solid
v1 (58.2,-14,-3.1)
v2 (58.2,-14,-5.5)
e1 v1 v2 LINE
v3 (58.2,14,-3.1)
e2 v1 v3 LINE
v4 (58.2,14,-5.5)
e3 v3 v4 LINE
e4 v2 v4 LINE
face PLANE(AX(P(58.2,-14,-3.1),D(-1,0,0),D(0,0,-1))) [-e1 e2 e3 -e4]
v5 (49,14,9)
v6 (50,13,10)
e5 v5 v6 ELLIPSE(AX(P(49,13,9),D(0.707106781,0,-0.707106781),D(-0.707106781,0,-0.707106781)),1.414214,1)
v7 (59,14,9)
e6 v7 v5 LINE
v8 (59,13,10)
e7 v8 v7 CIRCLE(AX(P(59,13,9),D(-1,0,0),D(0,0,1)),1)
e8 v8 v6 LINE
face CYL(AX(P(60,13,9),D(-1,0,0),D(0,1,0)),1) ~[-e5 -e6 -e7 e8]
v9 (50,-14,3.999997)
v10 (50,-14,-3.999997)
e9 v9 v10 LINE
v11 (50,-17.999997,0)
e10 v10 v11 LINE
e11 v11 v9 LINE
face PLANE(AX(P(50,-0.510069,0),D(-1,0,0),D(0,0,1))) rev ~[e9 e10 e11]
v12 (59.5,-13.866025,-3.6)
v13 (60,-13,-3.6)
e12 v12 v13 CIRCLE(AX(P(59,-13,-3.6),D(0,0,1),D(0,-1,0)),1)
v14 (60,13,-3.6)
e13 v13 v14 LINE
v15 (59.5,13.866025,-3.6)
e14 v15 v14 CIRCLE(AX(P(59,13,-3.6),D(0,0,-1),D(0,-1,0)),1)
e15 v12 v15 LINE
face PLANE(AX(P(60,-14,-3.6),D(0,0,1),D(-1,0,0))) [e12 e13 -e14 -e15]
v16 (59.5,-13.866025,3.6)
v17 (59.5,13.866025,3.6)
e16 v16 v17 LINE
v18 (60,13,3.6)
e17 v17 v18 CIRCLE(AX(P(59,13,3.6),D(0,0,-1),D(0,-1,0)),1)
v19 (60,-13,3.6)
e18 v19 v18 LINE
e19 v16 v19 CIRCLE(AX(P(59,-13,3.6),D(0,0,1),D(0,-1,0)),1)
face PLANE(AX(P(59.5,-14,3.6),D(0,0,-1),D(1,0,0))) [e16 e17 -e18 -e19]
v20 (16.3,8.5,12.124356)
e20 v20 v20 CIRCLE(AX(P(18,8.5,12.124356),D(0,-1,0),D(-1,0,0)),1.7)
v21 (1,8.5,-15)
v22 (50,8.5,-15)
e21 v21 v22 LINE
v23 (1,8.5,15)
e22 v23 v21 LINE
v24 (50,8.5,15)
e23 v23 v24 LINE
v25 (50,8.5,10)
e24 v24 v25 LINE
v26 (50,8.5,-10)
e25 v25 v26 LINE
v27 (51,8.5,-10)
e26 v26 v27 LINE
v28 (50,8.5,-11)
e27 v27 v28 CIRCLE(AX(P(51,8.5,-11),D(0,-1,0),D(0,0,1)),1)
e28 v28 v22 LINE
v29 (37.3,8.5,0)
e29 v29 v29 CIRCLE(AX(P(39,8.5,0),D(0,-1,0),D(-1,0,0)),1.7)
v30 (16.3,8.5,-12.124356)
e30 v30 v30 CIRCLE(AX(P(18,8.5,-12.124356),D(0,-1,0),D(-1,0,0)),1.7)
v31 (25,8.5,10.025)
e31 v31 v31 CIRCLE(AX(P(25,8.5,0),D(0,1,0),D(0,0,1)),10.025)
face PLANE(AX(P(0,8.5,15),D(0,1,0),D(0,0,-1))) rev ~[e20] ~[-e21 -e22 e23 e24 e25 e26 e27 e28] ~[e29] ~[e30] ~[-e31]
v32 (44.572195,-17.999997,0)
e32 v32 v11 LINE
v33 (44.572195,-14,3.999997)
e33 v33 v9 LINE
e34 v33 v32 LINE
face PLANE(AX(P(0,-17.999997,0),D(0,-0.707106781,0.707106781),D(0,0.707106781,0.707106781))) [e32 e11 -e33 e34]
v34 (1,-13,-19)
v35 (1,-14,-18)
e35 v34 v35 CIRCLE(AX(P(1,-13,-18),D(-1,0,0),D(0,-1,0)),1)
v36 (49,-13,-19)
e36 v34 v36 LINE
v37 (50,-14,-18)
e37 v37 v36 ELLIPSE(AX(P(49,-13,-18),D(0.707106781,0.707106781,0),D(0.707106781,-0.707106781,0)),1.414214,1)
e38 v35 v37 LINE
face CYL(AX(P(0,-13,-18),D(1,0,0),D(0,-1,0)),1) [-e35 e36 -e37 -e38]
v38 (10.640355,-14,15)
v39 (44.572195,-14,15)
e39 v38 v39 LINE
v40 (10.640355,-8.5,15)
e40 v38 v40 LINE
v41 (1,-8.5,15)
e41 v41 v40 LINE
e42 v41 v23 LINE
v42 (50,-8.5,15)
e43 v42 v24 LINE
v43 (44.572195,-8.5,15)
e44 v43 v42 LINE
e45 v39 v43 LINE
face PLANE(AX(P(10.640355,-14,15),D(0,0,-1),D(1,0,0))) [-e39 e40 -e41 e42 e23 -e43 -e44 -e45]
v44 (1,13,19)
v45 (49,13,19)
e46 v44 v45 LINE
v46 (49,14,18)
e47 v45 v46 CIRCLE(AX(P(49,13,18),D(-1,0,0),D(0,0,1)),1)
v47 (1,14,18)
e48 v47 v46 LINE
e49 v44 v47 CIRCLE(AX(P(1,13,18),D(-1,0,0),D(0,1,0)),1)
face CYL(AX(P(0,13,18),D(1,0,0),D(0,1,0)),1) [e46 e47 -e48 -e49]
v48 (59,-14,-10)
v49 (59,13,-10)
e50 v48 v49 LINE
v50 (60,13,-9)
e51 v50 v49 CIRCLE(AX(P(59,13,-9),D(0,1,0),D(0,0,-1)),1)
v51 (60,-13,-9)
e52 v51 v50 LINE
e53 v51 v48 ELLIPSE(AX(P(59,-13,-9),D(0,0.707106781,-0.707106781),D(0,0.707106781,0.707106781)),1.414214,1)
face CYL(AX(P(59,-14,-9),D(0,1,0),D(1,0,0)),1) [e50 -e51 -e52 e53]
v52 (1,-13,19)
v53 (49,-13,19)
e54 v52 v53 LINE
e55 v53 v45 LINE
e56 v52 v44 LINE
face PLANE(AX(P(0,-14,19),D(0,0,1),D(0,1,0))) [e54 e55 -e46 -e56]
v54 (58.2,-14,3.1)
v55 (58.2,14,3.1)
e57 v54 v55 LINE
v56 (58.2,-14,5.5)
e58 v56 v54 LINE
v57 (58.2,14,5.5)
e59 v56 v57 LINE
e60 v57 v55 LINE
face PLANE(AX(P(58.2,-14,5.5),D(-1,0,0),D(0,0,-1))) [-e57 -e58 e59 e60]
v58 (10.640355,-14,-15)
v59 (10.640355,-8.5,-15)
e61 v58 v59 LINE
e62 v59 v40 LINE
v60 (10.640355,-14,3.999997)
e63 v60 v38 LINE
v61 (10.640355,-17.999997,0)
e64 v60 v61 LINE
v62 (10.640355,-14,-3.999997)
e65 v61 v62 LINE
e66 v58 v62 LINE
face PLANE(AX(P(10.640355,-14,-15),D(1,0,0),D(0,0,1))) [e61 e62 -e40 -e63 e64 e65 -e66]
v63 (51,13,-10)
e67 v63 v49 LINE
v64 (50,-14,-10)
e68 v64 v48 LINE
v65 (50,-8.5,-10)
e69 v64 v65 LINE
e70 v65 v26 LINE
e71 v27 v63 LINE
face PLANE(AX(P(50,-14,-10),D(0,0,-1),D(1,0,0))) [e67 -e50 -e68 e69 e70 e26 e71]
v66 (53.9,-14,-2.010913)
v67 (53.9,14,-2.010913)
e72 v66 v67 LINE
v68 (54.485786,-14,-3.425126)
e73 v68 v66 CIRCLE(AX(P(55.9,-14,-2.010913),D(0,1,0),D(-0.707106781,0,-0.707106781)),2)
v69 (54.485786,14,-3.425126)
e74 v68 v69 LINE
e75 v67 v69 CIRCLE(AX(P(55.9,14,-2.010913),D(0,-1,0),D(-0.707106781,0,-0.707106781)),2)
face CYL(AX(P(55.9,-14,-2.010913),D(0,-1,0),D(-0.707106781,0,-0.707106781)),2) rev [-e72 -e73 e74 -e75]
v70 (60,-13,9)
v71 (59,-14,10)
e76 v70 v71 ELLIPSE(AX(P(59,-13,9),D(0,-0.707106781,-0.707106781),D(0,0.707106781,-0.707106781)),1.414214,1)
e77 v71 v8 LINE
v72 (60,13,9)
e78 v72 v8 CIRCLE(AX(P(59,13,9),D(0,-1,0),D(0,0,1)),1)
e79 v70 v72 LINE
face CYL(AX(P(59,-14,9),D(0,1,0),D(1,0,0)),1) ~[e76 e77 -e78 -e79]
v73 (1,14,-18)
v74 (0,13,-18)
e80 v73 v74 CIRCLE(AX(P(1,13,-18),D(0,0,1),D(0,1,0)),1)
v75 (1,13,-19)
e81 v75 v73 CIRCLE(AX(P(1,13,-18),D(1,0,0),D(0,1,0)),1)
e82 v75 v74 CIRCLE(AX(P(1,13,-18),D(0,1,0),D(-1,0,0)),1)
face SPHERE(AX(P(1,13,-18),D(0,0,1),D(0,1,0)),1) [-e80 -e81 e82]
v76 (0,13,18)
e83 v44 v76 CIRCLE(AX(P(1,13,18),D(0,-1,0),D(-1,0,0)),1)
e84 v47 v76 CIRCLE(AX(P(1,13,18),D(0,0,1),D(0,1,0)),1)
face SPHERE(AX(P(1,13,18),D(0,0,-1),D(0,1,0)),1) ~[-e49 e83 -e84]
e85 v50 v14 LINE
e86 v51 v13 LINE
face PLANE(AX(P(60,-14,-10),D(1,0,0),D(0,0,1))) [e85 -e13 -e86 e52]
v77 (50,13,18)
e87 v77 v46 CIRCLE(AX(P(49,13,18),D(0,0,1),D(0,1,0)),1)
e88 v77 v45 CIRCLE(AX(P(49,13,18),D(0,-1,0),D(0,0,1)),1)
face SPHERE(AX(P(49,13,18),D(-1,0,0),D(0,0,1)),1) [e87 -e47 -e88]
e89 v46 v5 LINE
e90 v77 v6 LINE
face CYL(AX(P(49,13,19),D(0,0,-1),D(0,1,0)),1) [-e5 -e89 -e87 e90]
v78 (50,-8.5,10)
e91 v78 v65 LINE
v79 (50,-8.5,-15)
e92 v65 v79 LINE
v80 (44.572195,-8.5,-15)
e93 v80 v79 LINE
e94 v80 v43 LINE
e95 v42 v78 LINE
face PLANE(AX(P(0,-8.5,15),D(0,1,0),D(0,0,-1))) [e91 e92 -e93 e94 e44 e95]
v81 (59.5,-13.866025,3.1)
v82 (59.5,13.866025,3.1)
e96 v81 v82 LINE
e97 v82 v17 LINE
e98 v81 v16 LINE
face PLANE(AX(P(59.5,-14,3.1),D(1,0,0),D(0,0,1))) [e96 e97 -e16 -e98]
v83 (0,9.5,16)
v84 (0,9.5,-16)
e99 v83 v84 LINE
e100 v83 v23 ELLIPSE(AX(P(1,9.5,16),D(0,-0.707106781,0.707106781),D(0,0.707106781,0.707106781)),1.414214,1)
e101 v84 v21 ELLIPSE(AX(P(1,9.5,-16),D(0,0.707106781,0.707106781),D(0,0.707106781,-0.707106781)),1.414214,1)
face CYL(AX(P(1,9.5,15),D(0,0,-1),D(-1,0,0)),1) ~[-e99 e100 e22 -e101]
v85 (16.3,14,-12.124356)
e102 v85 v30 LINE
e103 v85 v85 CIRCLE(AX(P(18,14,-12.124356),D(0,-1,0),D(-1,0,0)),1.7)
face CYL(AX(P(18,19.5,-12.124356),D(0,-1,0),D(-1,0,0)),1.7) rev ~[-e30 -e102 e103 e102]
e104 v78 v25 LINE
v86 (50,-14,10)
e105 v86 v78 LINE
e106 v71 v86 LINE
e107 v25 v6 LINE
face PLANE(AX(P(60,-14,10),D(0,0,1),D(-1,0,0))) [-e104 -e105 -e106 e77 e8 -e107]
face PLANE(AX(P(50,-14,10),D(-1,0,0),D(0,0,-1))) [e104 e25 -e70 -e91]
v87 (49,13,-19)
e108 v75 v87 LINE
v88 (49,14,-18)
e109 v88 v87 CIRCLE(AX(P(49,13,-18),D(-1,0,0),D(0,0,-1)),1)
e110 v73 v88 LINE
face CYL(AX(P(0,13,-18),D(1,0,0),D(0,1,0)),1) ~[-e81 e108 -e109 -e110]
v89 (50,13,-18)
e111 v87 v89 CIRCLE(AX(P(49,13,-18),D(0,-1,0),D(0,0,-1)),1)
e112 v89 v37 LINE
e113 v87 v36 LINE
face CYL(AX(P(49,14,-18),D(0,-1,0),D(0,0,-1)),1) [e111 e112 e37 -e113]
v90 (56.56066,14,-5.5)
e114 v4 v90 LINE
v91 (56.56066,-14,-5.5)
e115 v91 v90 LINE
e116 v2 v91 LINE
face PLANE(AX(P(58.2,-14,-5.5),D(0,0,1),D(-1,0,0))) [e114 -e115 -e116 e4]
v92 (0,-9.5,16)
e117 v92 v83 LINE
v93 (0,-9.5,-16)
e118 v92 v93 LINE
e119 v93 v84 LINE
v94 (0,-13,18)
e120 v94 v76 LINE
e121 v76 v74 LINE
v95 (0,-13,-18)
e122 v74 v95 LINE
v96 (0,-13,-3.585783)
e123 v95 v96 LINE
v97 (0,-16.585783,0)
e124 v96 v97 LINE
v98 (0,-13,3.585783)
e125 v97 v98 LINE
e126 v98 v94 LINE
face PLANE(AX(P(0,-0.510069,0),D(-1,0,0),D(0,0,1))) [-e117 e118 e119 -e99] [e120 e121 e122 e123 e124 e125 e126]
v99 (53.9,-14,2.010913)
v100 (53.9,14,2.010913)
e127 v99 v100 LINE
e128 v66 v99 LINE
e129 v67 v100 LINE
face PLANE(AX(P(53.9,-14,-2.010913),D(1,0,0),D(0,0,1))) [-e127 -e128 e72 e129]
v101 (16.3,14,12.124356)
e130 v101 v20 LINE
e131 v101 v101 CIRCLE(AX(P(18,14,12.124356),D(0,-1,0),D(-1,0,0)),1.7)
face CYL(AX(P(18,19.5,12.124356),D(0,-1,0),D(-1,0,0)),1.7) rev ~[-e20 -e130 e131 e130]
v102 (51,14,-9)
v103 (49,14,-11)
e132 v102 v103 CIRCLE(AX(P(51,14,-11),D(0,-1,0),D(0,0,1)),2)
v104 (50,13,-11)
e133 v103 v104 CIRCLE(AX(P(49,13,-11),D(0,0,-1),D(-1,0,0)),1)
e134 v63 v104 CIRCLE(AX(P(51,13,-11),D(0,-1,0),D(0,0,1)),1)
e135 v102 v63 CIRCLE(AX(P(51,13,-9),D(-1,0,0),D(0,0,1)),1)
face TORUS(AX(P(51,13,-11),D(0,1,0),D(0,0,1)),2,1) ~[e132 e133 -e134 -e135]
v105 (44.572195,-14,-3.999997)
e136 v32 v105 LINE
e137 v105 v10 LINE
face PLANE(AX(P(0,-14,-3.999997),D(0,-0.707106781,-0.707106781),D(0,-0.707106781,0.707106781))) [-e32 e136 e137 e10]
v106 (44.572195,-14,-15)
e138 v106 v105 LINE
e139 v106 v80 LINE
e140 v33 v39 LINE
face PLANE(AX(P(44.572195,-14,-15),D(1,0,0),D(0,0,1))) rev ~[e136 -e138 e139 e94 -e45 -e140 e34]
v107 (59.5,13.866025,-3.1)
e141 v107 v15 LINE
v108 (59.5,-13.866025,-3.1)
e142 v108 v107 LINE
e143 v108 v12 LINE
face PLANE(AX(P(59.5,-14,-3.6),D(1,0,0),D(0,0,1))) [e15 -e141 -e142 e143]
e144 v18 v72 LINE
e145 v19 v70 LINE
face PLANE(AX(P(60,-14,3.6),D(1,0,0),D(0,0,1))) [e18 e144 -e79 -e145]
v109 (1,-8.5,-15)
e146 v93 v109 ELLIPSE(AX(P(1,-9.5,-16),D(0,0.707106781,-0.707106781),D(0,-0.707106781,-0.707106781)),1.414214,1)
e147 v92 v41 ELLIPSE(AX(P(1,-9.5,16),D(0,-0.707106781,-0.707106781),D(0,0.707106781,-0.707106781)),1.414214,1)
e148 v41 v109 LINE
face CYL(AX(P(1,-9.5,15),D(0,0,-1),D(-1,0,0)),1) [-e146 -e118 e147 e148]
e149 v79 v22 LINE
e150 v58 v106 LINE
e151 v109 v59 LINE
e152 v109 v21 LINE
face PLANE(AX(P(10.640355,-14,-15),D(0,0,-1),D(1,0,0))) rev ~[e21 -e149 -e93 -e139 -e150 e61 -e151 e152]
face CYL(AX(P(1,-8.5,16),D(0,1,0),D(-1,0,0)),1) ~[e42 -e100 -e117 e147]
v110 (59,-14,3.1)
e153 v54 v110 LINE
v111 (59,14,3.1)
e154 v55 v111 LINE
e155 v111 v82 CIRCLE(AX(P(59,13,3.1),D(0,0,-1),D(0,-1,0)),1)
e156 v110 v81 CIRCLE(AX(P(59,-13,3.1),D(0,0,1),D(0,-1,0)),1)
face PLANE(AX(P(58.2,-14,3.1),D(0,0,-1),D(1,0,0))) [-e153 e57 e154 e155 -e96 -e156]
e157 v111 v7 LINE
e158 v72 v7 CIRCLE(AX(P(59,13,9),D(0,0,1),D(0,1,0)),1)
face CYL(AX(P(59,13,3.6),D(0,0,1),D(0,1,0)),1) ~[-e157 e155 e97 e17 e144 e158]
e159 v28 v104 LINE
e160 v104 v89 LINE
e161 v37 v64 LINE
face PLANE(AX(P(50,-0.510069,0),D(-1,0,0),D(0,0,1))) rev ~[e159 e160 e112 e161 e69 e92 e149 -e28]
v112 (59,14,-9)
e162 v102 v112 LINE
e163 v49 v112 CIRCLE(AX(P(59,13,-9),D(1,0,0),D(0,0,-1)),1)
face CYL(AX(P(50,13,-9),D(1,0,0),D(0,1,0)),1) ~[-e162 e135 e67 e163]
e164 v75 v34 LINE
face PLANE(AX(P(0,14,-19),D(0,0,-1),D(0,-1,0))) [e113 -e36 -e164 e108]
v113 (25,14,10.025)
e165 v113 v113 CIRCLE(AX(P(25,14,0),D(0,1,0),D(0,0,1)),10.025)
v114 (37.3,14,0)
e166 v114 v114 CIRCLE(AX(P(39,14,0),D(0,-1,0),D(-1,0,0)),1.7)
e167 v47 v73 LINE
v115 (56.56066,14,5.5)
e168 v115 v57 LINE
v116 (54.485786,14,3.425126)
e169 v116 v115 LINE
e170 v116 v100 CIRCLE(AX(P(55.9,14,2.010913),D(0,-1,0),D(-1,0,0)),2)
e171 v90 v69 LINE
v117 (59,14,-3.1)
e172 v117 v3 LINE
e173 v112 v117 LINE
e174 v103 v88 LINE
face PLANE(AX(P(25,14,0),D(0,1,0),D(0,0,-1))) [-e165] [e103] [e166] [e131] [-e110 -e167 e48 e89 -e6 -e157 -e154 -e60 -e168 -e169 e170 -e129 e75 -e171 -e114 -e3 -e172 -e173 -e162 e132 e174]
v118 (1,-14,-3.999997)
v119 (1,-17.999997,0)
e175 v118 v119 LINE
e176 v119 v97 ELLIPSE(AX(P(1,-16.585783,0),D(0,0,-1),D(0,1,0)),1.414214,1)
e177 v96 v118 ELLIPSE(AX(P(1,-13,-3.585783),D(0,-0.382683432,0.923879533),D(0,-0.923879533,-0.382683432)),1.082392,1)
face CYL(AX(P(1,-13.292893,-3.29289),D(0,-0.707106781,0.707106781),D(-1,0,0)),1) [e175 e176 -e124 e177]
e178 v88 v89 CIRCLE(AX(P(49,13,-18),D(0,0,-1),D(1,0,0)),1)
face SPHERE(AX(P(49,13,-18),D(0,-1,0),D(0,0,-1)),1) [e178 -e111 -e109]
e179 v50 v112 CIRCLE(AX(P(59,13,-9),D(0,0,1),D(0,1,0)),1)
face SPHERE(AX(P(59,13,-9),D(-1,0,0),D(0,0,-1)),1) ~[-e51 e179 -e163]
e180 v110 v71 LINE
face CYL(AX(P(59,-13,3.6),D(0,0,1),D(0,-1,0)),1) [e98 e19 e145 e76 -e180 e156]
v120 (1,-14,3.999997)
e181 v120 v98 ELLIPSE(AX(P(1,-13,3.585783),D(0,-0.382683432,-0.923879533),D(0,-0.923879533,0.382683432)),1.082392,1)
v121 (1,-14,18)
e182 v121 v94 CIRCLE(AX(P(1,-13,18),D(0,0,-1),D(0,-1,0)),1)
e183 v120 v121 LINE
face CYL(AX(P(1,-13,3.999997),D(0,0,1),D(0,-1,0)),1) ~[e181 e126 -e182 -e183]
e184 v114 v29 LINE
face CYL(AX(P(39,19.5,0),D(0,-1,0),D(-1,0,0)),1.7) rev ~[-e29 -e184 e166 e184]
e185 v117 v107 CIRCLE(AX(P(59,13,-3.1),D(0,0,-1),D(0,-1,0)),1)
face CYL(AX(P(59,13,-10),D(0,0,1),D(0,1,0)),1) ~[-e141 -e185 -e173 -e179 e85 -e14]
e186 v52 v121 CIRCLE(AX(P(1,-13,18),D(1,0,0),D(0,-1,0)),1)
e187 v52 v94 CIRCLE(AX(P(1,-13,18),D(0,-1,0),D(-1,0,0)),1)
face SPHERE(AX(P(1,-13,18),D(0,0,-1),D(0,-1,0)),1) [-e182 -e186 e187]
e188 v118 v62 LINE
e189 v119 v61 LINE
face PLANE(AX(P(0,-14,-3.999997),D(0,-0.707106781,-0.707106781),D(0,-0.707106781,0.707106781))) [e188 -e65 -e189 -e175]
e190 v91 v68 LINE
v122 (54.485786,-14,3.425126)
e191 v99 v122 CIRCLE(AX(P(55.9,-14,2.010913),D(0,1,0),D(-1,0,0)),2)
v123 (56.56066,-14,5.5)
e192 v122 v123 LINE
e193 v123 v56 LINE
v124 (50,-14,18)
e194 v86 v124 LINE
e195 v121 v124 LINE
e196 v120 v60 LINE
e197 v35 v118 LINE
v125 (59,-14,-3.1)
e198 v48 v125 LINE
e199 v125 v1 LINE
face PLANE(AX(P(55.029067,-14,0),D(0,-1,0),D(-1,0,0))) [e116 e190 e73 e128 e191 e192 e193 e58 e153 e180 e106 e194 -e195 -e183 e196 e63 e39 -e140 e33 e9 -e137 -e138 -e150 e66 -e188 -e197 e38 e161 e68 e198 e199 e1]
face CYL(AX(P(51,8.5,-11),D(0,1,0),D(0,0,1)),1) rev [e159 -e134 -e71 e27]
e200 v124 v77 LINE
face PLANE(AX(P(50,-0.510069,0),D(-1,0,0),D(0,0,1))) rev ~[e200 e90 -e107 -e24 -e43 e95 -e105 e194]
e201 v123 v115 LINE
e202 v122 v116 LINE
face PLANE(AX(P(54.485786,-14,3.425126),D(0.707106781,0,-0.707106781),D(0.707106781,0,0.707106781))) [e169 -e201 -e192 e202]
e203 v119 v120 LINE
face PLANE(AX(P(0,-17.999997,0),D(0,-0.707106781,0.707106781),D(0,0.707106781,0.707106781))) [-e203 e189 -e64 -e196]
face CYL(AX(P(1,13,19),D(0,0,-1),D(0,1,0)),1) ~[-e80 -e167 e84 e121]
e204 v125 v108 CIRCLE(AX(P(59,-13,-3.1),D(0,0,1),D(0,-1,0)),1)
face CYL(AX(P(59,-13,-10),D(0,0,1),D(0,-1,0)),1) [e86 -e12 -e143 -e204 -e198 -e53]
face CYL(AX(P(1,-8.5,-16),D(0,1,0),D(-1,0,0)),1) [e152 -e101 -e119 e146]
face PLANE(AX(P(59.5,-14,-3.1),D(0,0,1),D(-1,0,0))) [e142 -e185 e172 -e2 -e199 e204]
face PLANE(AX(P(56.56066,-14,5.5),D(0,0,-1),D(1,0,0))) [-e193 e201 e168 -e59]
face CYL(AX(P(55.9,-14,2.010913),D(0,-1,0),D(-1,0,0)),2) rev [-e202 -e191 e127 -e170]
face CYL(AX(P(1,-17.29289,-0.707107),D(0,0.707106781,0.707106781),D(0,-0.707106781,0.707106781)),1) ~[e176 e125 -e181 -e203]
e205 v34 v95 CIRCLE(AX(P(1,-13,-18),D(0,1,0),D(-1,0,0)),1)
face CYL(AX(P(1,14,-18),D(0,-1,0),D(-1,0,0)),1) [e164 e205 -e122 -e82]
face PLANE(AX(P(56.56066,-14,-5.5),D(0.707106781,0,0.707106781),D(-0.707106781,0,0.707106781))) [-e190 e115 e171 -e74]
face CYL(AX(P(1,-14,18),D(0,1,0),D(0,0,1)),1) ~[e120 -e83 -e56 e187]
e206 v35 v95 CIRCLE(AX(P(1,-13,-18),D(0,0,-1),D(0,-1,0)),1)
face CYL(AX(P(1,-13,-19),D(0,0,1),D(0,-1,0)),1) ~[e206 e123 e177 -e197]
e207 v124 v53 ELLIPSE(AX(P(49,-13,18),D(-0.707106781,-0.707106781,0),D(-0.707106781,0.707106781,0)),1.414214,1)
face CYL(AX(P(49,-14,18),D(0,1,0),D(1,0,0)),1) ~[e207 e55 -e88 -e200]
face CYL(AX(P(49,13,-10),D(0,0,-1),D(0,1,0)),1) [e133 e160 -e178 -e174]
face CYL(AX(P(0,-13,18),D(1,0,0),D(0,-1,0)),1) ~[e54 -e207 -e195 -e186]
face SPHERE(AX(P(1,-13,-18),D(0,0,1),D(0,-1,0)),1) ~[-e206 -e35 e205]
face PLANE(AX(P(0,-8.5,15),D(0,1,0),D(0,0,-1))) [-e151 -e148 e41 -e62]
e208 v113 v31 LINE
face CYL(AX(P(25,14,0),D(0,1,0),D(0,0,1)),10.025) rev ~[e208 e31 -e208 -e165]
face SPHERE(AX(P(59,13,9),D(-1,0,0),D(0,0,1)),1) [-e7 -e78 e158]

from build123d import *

# Parameters (mm, degrees)
SKETCH2_W                      = 30
SKETCH2_H                      = 17
BOSS_EXTRUDE1_DEPTH            = 50
CUT_EXTRUDE4_REACH             = 64.33
SKETCH7_R                      = 10.025
F_3_0MM_DOWEL_HOLE1_D          = 3.4
F_3_0MM_DOWEL_HOLE1_DEPTH      = 5.5
BOSS_EXTRUDE2_REACH            = 62.374
FILLET1_R                      = 1
CUT_EXTRUDE7_REACH             = 70.884
SKETCH13_W                     = 33.931840249
SKETCH13_H                     = 30
CUT_EXTRUDE7_DIRECTION_2_DEPTH = 10


with BuildPart() as part:
    # Sketch2 → Boss-Extrude1 (new body)
    with BuildSketch(Plane(origin=(0, 0, 0), x_dir=(0, 0, -1), z_dir=(1, 0, 0))):
        Polygon((19, -14), (3.999996995, -14), (0, -17.999996995), (-3.999996995, -14), (-19, -14), (-19, 14), (19, 14), align=None)
        Rectangle(SKETCH2_W, SKETCH2_H, mode=Mode.SUBTRACT)
    extrude(amount=BOSS_EXTRUDE1_DEPTH)

    # Sketch7 → Cut-Extrude4 (cut, up to next)
    with BuildSketch(Plane(origin=(0, 14, 0), x_dir=(1, 0, 0), z_dir=(0, 1, 0)), mode=Mode.PRIVATE) as cut_extrude4_sk1:
        with Locations(Location((25, 0, 0), (0, 0, 270))):
            Circle(SKETCH7_R)
    cut_extrude4_tool1 = extrude(cut_extrude4_sk1.sketch, amount=-CUT_EXTRUDE4_REACH, mode=Mode.PRIVATE) & part.part
    add(cut_extrude4_tool1.solids().sort_by_distance((25, 14, 0))[0], mode=Mode.SUBTRACT)

    # Ø3.0mm Dowel Hole1
    with Locations(Plane(origin=(0, 14, 0), x_dir=(1, 0, 0), z_dir=(0, 1, 0))):
        with Locations((18, -12.124355653), (18, 12.124355653), (39, 0)):
            Hole(F_3_0MM_DOWEL_HOLE1_D / 2, depth=F_3_0MM_DOWEL_HOLE1_DEPTH)

    # Boss-Extrude2: up to this face of the body (flat: up to its plane)
    boss_extrude2_end = Plane(part.part.faces().sort_by_distance((25, 14, 18.371987261))[0])
    # Sketch6 → Boss-Extrude2 (add, up to the picked face)
    with BuildSketch(Plane(origin=(0, -14, 0), x_dir=(1, 0, 0), z_dir=(0, 1, 0)), mode=Mode.PRIVATE) as boss_extrude2_sk1:
        with BuildLine():
            Line((60, 3.6), (59.5, 3.6))
            Line((59.5, 3.6), (59.5, 3.1))
            Line((59.5, 3.1), (58.2, 3.1))
            Line((58.2, 3.1), (58.2, 5.5))
            Line((58.2, 5.5), (56.560660172, 5.5))
            Line((56.560660172, 5.5), (54.485786438, 3.425126266))
            ThreePointArc((54.485786438, 3.425126266), (54.052240935, 2.776279568), (53.9, 2.010912703))
            Line((53.9, 2.010912703), (53.9, -2.010912703))
            ThreePointArc((53.9, -2.010912703), (54.052240935, -2.776279568), (54.485786438, -3.425126266))
            Line((54.485786438, -3.425126266), (56.560660172, -5.5))
            Line((56.560660172, -5.5), (58.2, -5.5))
            Line((58.2, -5.5), (58.2, -3.1))
            Line((58.2, -3.1), (59.5, -3.1))
            Line((59.5, -3.1), (59.5, -3.6))
            Line((59.5, -3.6), (60, -3.6))
            Line((60, -3.6), (60, -10))
            Line((60, -10), (50, -10))
            Line((50, -10), (50, 10))
            Line((50, 10), (60, 10))
            Line((60, 10), (60, 3.6))
        make_face()
    boss_extrude2_tool1 = split(extrude(boss_extrude2_sk1.sketch, amount=BOSS_EXTRUDE2_REACH, mode=Mode.PRIVATE), bisect_by=boss_extrude2_end, keep=Keep.BOTH, mode=Mode.PRIVATE)
    add(boss_extrude2_tool1.solids().sort_by(Axis((59.75, -14, -3.823607), (0, 1, 0)))[0])

    # Fillet1
    fillet1_edges = [part.edges().sort_by_distance(p)[0] for p in [
        (55, 14, -10),
        (0, -8.5, 0),
        (0, 0, 15),
        (0, 8.5, 0),
        (0, 0, -15),
        (0, -14, 11.499998498),
        (0, -15.999998498, 1.999998498),
        (0, -15.999998498, -1.999998498),
        (0, -14, -11.499998498),
        (0, 14, 0),
        (25, -14, -19),
        (50, 0, -19),
        (25, 14, -19),
        (0, 0, -19),
        (25, 14, 19),
        (50, 0, 19),
        (25, -14, 19),
        (0, 0, 19),
        (50, 14, -14.5),
        (50, 11.25, -10),
        (55, 14, 10),
        (50, 14, 14.5),
        (60, 0, -10),
        (60, 0, 10),
        (60, -14, 6.8),
        (60, -14, -6.8),
        (60, 14, 6.8),
        (60, 14, -6.8),
    ]]
    fillet(fillet1_edges, radius=FILLET1_R)

    # Sketch13 → Cut-Extrude7 (cut, up to next)
    with BuildSketch(Plane.XZ.offset(14), mode=Mode.PRIVATE) as cut_extrude7_sk1:
        with Locations((27.606274686, 0)):
            Rectangle(SKETCH13_W, SKETCH13_H)
    cut_extrude7_tool1 = extrude(cut_extrude7_sk1.sketch, amount=-CUT_EXTRUDE7_REACH, mode=Mode.PRIVATE) & part.part
    add(cut_extrude7_tool1.solids().sort_by_distance((27.606275, -14, 0))[0], mode=Mode.SUBTRACT)

    # Sketch13 → Cut-Extrude7 direction 2 (cut)
    with BuildSketch(Plane.XZ.offset(14)):
        with Locations((27.606274686, 0)):
            Rectangle(SKETCH13_W, SKETCH13_H)
    extrude(amount=CUT_EXTRUDE7_DIRECTION_2_DEPTH, mode=Mode.SUBTRACT)


solid = part.part
